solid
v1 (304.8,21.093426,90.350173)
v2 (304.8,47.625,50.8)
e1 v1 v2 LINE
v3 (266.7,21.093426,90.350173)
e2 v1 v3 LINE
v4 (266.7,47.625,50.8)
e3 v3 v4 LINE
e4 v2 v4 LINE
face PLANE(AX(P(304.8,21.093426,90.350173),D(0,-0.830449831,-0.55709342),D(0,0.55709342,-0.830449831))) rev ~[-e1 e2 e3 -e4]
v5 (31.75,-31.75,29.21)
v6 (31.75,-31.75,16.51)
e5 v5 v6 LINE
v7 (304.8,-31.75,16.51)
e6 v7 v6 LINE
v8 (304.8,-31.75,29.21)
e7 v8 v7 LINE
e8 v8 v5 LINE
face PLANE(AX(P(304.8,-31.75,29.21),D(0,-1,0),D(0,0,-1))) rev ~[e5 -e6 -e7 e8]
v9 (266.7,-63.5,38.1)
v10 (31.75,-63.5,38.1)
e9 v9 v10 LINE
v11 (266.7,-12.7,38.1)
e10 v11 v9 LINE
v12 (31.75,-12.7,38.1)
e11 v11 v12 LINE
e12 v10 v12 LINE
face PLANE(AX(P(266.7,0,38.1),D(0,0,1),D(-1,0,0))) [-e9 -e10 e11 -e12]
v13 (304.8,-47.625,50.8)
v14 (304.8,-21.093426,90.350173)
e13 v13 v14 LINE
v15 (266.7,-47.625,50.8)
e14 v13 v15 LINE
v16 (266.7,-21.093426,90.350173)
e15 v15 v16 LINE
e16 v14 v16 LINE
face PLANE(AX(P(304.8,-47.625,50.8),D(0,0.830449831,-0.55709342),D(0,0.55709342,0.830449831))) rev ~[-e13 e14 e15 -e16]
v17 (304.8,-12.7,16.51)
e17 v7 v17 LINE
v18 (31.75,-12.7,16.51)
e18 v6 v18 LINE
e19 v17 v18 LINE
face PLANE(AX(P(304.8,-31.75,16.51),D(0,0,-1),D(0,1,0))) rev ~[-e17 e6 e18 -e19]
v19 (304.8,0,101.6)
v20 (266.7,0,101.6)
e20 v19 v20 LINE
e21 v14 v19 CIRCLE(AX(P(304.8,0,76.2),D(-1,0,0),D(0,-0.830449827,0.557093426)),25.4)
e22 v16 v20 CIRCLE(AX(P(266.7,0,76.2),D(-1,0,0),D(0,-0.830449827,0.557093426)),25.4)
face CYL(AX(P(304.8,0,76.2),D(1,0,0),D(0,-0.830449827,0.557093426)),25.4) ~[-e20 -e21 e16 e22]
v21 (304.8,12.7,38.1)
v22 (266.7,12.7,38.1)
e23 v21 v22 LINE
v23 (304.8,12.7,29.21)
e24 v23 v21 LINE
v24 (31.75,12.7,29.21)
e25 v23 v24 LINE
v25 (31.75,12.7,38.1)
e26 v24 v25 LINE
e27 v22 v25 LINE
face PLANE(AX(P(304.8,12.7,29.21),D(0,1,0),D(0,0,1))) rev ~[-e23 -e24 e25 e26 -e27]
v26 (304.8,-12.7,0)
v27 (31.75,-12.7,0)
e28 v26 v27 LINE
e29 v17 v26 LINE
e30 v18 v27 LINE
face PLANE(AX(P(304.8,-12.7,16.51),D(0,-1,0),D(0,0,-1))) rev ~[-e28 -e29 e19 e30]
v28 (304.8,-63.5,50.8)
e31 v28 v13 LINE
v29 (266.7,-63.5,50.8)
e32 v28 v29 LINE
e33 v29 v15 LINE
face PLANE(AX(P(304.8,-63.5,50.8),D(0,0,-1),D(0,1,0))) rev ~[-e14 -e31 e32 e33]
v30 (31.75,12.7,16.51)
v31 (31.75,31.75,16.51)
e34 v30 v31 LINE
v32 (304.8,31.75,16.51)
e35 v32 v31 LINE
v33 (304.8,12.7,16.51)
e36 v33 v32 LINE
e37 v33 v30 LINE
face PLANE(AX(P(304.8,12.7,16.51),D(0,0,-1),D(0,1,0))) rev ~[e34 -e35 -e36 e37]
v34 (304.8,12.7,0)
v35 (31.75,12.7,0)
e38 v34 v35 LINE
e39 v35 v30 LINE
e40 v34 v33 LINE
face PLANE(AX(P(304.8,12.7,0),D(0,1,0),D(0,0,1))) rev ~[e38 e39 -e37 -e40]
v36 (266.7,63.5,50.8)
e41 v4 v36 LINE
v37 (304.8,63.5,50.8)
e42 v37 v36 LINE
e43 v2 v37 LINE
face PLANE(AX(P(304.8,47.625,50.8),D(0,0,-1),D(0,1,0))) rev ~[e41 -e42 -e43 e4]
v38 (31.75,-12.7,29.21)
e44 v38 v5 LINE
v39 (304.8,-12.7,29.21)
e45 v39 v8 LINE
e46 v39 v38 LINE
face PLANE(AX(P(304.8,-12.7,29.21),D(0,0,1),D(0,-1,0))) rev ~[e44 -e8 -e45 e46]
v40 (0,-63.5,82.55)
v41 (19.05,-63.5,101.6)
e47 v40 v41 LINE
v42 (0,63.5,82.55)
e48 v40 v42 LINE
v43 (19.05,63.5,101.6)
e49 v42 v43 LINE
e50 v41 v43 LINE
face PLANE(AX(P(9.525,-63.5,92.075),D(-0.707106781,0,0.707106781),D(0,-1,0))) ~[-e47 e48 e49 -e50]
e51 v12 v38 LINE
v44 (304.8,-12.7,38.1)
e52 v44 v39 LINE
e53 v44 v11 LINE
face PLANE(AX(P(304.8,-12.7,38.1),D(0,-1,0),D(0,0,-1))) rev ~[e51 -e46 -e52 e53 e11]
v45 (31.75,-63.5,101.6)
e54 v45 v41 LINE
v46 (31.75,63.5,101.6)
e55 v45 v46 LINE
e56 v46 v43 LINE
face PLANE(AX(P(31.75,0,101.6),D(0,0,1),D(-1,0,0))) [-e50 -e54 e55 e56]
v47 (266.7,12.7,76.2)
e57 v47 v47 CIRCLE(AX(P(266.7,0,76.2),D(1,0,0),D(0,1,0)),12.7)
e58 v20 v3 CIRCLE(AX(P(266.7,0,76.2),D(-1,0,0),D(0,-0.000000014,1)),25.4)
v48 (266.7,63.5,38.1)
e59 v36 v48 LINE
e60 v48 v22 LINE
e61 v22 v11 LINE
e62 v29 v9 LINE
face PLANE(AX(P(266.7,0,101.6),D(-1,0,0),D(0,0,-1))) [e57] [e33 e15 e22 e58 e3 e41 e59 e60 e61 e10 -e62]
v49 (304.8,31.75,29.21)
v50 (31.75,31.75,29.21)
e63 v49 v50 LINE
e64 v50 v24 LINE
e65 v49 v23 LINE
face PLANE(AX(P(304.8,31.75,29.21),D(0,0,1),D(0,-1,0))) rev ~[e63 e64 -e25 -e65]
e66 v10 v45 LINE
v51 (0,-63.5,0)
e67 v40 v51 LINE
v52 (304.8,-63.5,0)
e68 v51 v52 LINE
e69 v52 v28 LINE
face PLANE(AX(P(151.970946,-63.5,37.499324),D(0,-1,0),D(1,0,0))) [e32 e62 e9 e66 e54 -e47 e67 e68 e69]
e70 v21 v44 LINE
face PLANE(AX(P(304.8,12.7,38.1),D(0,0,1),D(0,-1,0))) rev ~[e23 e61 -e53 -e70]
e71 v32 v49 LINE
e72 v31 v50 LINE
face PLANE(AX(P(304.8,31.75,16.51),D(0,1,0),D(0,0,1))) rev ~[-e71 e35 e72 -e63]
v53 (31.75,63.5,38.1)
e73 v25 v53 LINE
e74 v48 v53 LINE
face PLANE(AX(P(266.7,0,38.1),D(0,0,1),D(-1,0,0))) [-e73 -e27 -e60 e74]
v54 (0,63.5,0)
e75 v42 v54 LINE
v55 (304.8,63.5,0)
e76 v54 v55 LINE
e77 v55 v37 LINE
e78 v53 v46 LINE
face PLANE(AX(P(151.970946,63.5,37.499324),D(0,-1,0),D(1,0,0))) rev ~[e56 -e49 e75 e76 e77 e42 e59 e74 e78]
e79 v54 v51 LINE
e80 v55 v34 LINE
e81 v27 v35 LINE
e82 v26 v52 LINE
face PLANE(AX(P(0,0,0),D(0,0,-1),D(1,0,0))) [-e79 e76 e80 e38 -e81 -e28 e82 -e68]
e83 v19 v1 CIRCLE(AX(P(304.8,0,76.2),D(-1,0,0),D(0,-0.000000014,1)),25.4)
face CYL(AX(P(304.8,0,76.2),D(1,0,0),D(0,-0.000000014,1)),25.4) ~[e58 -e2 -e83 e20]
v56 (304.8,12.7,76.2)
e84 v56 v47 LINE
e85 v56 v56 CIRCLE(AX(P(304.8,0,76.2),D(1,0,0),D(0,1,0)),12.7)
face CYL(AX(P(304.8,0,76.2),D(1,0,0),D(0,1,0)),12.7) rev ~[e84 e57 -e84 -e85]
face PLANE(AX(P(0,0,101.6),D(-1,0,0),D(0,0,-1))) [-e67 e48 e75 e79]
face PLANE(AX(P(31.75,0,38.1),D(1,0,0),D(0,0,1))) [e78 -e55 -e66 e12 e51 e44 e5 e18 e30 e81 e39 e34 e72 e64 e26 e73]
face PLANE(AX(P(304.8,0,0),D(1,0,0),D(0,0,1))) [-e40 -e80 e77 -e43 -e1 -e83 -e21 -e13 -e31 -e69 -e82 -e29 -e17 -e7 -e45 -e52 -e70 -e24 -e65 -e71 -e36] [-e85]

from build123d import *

# Parameters (mm, degrees)
F1_DEPTH = 63.5
F2_R     = 12.7
F3_DEPTH = 38.1
F4_DEPTH = 273.05
F5_SIZE  = 19.05


with BuildPart() as f1:
    # F0 (on Front) → F1 (new body, symmetric)
    with BuildSketch(Plane.XZ):
        Polygon((0, 101.6), (0, 0), (304.8, 0), (304.8, 101.6), (266.7, 101.6), (266.7, 38.1), (31.75, 38.1), (31.75, 101.6), align=None)
    extrude(amount=F1_DEPTH, both=True)

    # F2 (on face) → F3 (cut)
    with BuildSketch(Plane.YZ.offset(304.8)):
        with BuildLine():
            Line((-63.5, 101.6), (-63.5, 50.8))
            Line((-63.5, 50.8), (-47.625, 50.8))
            Line((-47.625, 50.8), (-21.093426, 90.350173))
            ThreePointArc((-21.093426, 90.350173), (-11.952941, 98.611765), (0, 101.6))
            Line((0, 101.6), (-63.5, 101.6))
        make_face()
        with BuildLine():
            Line((63.5, 101.6), (0, 101.6))
            ThreePointArc((0, 101.6), (11.952941, 98.611765), (21.093426, 90.350173))
            Line((21.093426, 90.350173), (47.625, 50.8))
            Line((47.625, 50.8), (63.5, 50.8))
            Line((63.5, 50.8), (63.5, 101.6))
        make_face()
        with Locations((0, 76.2)):
            Circle(F2_R)
    extrude(amount=-F3_DEPTH, mode=Mode.SUBTRACT)

    # F2 (on face) → F4 (cut)
    with BuildSketch(Plane.YZ.offset(304.8)):
        Polygon((-12.7, 16.51), (-12.7, 0), (0, 0), (12.7, 0), (12.7, 16.51), (31.75, 16.51), (31.75, 29.21), (12.7, 29.21), (12.7, 38.1), (0, 38.1), (-12.7, 38.1), (-12.7, 29.21), (-31.75, 29.21), (-31.75, 16.51), align=None)
    extrude(amount=-F4_DEPTH, mode=Mode.SUBTRACT)

    # F5
    f5_edges = [f1.edges().sort_by_distance(p)[0] for p in [
        (0, 0, 101.6),
    ]]
    chamfer(f5_edges, length=F5_SIZE)


solid = f1.part
